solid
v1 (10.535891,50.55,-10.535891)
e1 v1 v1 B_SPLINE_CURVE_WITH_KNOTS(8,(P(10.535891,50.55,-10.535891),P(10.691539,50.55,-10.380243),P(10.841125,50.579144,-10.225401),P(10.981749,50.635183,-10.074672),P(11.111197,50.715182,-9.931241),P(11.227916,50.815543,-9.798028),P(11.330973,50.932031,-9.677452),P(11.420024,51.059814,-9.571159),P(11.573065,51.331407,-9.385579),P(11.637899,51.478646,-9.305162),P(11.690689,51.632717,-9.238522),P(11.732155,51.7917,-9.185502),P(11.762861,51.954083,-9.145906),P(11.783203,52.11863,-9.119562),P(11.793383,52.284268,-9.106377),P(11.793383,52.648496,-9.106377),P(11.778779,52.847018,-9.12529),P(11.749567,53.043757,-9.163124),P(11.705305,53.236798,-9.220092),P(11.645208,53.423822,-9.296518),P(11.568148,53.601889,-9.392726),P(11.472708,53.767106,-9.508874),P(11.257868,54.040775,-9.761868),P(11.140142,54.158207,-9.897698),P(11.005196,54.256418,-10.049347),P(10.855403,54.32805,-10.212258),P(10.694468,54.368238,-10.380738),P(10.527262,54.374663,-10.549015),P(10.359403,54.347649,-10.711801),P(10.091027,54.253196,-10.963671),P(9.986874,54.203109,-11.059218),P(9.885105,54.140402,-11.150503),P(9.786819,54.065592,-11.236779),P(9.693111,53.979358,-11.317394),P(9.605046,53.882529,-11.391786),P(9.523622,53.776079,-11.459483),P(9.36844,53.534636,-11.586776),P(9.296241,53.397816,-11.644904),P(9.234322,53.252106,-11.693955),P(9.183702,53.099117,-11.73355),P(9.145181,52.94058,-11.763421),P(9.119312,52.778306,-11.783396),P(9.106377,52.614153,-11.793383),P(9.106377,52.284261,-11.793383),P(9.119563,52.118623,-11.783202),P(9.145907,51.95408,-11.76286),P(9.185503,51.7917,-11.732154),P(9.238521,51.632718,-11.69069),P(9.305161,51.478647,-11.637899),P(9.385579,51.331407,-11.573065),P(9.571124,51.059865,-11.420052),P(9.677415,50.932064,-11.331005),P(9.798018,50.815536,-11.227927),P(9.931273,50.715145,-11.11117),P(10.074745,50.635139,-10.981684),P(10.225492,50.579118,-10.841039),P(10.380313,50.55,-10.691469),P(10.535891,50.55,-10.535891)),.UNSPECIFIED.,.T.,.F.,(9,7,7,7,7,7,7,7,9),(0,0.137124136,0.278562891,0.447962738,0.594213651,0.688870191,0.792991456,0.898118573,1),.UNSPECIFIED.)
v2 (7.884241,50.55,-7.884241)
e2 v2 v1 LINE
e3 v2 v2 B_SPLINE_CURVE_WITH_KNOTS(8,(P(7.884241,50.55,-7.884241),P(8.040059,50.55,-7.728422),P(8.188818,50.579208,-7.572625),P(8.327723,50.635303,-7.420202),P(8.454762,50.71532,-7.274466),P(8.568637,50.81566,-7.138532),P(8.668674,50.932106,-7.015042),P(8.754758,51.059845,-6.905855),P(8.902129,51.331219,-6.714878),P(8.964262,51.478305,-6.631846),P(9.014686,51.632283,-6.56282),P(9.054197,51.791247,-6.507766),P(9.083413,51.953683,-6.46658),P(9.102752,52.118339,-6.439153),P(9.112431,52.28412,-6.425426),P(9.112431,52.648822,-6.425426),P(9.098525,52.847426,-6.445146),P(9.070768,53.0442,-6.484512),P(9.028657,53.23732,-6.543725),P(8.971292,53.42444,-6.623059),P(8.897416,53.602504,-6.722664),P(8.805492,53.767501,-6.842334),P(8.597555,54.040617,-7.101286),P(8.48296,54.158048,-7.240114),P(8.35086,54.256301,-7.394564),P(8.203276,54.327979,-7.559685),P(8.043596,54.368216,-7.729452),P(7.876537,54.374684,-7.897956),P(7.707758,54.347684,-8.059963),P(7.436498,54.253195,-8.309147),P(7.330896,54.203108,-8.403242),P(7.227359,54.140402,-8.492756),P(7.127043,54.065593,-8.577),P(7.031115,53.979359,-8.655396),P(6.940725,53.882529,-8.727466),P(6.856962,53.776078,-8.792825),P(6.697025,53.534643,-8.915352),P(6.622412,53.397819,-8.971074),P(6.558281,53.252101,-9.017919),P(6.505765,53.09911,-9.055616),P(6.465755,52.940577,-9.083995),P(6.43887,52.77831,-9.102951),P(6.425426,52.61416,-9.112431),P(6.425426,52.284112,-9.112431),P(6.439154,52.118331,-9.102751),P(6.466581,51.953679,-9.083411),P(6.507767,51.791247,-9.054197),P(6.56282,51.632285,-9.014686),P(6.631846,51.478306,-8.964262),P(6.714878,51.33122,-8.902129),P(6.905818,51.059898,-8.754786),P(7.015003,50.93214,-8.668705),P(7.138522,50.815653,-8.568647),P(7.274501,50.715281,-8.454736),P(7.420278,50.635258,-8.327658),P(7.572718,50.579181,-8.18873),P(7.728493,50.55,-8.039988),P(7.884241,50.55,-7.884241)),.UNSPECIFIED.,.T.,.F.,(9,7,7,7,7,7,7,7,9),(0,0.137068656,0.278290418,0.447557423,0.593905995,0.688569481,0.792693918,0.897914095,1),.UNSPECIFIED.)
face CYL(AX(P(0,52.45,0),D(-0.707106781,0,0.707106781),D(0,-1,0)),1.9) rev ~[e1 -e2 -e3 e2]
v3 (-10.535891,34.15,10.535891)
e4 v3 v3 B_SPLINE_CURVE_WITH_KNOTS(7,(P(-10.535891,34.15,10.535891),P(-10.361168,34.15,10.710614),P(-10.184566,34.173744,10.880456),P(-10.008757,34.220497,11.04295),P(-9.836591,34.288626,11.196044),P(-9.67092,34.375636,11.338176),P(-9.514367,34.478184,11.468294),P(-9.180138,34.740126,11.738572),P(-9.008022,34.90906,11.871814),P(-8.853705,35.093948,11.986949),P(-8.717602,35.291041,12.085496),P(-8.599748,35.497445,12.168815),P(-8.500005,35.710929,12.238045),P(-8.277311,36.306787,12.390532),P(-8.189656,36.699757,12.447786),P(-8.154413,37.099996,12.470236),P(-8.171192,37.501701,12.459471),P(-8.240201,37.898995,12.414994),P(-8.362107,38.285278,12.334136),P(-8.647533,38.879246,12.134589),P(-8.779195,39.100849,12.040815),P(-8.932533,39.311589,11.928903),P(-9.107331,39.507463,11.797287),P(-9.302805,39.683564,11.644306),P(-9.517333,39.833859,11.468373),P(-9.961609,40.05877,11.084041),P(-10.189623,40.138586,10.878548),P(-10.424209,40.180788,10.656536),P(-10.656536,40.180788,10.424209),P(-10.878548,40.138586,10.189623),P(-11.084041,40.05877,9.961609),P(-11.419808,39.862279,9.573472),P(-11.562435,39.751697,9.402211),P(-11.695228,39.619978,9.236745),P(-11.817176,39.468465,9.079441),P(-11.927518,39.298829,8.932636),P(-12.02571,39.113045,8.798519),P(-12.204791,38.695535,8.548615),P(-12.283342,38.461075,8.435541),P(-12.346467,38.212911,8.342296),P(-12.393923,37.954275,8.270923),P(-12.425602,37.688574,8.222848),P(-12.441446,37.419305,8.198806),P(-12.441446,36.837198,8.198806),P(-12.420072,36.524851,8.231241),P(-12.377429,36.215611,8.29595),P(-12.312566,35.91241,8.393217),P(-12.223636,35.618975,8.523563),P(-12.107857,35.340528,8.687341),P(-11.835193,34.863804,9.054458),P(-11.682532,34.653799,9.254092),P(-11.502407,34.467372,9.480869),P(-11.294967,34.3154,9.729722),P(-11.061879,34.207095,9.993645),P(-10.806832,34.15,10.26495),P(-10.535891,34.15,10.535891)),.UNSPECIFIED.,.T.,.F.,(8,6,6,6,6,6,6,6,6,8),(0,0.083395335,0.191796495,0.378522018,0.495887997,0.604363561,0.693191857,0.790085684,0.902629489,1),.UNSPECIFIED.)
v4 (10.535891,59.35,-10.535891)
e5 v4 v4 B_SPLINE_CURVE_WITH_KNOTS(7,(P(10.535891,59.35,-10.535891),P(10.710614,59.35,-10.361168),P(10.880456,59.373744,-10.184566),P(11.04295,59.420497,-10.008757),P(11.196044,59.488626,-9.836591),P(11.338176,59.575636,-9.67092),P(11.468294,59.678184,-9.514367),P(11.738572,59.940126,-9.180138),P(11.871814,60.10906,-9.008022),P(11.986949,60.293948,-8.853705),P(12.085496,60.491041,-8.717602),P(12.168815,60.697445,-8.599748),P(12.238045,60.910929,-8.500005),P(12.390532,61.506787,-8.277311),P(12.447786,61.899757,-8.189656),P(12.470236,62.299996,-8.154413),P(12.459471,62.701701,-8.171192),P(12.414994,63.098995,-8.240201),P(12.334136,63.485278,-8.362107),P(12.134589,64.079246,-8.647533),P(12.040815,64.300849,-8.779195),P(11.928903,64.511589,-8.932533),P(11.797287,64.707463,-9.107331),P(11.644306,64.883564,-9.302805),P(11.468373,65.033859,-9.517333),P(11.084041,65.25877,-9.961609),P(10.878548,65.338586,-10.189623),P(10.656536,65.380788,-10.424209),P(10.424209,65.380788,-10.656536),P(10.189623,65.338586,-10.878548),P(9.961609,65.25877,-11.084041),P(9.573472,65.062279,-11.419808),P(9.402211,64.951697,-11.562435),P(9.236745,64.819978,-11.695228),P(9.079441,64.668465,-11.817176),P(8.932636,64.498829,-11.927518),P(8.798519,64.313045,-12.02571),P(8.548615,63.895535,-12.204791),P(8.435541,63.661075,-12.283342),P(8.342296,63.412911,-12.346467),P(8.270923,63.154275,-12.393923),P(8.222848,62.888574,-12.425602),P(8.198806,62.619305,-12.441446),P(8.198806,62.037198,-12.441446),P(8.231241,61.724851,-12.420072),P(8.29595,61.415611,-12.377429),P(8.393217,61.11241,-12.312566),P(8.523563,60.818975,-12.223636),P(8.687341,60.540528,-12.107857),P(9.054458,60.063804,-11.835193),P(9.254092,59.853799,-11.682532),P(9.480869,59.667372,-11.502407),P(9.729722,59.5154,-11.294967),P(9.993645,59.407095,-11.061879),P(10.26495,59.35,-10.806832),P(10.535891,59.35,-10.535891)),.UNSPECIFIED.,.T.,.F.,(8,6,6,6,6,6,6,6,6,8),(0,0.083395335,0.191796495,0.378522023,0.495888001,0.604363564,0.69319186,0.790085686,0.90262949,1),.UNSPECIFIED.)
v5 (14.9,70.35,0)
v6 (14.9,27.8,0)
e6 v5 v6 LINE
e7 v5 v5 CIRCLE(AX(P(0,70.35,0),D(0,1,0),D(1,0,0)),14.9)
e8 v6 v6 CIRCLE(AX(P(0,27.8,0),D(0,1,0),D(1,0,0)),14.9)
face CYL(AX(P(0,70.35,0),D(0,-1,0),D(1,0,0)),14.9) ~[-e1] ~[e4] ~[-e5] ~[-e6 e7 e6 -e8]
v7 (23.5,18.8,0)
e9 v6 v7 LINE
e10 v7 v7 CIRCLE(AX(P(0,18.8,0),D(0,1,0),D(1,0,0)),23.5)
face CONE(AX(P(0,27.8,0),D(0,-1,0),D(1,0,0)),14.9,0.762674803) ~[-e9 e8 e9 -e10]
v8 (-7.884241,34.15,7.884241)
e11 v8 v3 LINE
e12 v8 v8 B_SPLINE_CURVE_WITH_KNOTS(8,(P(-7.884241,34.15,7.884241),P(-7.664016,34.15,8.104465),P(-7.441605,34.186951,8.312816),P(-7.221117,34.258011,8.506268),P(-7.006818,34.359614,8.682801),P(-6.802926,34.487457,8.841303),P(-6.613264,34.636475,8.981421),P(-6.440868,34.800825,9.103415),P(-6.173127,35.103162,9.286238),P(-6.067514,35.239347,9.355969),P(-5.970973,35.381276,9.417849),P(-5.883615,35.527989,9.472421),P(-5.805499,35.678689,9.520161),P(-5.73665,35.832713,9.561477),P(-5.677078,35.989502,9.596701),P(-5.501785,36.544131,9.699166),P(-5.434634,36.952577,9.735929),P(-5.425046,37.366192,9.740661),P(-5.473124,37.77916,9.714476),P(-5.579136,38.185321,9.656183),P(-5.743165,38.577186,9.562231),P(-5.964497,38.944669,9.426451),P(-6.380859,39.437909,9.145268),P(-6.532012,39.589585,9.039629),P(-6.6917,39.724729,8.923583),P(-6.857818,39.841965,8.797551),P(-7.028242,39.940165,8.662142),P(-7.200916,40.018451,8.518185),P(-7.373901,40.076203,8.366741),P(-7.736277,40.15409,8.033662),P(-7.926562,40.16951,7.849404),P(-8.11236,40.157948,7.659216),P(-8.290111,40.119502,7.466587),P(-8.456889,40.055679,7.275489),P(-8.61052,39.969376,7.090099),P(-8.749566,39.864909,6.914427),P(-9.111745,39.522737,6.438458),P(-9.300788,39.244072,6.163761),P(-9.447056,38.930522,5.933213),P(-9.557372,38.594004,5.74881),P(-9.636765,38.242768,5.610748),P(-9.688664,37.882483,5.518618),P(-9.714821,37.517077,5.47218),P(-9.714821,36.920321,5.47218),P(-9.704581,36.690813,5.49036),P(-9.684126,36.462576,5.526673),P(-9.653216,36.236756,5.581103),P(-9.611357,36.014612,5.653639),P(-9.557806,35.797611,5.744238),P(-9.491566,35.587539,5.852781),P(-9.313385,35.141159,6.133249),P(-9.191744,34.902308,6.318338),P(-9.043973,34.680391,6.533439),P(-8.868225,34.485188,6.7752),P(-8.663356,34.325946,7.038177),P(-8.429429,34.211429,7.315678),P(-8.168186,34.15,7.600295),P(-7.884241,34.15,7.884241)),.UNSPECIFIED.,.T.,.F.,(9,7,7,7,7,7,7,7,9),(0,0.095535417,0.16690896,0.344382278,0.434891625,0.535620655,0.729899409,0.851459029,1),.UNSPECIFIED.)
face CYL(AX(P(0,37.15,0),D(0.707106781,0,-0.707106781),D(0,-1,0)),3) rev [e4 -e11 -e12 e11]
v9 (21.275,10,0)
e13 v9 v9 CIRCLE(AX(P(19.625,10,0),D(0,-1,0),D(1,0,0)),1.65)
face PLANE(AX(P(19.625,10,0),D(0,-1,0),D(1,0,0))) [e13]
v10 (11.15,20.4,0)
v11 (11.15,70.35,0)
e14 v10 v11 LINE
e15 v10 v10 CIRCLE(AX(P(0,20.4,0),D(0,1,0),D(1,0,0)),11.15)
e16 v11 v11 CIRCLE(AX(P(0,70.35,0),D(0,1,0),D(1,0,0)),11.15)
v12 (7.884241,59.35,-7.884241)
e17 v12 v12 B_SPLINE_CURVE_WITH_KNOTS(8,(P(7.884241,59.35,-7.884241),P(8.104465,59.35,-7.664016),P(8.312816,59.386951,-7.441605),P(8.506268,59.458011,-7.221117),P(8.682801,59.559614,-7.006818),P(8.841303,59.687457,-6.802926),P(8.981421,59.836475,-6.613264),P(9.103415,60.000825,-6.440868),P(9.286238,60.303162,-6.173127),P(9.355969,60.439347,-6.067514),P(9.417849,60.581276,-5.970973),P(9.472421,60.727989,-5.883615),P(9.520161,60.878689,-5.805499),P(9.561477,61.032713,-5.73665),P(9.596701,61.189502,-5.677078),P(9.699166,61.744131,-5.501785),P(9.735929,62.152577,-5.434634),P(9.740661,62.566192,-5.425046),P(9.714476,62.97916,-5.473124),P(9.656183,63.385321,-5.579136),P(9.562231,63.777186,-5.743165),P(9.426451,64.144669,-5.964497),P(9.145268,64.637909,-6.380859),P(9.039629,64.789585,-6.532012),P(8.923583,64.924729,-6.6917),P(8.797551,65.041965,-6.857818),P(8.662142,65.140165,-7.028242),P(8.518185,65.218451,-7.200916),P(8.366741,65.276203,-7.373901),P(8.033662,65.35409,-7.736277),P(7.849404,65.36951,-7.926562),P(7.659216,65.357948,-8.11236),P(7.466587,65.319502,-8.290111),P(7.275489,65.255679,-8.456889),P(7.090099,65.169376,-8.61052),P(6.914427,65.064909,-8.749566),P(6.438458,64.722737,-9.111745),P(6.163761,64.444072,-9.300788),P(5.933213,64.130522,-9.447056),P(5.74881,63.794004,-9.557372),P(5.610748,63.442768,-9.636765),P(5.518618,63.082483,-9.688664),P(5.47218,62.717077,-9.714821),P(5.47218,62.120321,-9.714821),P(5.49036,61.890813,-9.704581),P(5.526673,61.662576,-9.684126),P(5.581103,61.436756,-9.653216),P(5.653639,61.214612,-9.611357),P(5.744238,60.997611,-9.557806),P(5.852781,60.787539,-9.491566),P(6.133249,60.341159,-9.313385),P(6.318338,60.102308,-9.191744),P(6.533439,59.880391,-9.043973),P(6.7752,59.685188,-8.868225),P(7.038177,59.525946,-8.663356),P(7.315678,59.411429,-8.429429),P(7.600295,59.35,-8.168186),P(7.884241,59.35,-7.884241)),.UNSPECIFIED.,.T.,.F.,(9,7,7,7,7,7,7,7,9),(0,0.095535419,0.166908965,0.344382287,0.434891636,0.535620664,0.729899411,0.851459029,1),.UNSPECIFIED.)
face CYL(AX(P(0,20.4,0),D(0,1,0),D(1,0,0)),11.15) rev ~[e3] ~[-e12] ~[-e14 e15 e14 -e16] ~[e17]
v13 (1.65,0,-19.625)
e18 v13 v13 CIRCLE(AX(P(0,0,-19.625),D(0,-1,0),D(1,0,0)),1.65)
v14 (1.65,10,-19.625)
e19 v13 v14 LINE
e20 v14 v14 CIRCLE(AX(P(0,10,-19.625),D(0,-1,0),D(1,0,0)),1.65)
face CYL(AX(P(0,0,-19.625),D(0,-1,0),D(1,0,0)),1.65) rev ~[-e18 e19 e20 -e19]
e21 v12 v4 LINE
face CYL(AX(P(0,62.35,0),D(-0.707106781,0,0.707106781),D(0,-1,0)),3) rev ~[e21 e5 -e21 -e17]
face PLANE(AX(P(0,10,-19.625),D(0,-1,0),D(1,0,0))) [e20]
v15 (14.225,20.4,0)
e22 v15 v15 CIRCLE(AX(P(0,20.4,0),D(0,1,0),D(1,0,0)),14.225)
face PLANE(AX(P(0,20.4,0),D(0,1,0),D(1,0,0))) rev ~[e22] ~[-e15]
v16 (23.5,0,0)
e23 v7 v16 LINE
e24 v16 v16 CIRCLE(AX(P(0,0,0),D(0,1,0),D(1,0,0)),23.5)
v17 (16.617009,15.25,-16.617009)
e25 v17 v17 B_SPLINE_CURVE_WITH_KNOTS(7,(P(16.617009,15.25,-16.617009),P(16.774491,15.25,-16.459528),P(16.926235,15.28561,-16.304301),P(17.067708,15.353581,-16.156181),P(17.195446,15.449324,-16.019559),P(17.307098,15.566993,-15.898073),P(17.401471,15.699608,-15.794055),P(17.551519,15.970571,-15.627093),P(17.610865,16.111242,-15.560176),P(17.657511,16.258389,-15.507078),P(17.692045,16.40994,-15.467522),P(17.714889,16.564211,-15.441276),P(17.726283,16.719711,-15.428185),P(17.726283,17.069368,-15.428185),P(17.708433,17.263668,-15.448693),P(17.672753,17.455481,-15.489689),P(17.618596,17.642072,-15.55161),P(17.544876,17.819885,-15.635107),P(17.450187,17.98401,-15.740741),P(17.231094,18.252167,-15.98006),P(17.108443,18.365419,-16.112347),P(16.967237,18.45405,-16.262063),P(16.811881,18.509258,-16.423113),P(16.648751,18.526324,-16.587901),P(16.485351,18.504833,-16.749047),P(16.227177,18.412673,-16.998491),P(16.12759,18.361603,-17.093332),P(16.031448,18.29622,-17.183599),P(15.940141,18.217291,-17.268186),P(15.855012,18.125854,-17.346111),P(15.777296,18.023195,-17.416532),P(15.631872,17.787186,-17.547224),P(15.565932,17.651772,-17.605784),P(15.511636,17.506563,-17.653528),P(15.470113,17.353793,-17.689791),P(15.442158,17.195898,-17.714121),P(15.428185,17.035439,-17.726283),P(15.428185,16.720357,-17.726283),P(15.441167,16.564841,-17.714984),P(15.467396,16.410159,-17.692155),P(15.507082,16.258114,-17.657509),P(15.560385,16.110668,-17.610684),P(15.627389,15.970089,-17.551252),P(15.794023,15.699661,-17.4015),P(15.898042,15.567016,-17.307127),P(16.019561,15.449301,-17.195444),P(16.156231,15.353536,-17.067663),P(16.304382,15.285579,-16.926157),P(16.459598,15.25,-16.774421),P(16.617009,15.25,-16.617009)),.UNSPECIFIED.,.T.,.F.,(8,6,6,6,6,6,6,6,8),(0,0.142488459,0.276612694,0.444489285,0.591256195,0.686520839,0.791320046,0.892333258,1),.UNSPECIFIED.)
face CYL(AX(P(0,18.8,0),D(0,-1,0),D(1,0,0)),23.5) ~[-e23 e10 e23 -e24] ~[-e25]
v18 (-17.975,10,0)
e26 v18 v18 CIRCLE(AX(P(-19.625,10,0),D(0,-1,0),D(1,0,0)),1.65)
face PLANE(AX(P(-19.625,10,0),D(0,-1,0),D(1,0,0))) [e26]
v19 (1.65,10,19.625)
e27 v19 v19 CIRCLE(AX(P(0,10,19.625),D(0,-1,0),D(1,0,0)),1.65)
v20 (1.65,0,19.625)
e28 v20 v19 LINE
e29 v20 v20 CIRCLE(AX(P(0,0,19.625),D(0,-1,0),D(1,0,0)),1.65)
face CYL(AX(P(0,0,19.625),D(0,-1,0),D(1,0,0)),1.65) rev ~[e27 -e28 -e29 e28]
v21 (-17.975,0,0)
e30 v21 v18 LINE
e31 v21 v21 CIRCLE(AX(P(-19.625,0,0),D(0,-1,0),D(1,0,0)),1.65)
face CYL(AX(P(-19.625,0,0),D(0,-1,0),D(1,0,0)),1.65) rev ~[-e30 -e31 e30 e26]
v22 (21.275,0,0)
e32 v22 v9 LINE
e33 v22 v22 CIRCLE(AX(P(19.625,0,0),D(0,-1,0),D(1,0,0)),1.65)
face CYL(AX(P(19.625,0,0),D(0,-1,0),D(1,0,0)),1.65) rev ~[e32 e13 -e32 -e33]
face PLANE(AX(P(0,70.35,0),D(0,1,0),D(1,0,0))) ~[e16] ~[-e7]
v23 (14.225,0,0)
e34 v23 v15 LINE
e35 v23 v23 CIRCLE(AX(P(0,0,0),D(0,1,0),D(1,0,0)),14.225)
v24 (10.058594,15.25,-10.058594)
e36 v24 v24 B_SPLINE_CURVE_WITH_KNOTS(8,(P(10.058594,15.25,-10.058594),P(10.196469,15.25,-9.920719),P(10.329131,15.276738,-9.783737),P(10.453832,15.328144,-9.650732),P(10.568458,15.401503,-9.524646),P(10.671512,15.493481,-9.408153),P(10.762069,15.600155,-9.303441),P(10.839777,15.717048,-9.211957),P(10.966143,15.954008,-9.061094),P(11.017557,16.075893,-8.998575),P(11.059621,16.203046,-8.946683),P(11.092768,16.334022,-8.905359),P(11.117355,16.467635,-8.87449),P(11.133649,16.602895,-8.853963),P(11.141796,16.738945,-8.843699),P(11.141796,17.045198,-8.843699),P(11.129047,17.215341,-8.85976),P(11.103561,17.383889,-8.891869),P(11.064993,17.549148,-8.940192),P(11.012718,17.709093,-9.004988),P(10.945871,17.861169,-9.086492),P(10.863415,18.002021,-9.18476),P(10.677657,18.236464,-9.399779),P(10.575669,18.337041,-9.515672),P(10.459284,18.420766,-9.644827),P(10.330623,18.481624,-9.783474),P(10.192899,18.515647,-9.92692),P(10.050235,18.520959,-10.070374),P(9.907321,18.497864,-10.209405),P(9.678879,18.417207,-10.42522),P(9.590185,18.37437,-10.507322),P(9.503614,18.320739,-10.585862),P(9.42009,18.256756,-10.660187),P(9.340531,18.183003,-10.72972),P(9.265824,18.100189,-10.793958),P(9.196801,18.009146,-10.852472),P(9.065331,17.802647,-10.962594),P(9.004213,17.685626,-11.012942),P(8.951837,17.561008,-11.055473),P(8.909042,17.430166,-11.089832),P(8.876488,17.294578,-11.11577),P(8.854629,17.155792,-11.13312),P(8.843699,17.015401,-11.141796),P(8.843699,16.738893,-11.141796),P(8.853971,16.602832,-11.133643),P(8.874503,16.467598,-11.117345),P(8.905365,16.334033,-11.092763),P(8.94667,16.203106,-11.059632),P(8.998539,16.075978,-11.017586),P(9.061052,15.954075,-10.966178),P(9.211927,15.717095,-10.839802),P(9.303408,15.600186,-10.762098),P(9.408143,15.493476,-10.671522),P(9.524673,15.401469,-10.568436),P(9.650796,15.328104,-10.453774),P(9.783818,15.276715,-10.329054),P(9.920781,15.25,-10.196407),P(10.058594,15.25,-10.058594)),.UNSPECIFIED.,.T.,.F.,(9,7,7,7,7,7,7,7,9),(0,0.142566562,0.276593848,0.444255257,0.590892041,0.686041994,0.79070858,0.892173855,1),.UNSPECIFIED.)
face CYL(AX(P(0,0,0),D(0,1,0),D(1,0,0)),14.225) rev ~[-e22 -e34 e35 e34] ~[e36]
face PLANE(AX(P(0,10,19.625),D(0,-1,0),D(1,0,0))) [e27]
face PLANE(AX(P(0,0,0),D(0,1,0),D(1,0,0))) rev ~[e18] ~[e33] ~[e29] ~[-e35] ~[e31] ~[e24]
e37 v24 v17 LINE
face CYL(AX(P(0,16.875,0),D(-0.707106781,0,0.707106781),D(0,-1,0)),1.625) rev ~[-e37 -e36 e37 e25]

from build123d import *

# Parameters (mm, degrees)
SKETCH2_R          = 1.65
CUT_EXTRUDE1_DEPTH = 10
SKETCH4_R          = 1.625
SKETCH4_R_2        = 3
SKETCH4_R_3        = 1.9
CUT_EXTRUDE2_DEPTH = 78.805028758
SKETCH4_3_R        = 3
CUT_EXTRUDE3_DEPTH = 78.805028909


with BuildPart() as part:
    # Sketch1 → Revolve1 (revolve)
    with BuildSketch(Plane.XY):
        Polygon((11.15, 20.4), (11.15, 70.35), (14.9, 70.35), (14.9, 27.8), (23.5, 18.8), (23.5, 0), (14.225, 0), (14.225, 20.4), align=None)
    revolve(axis=Axis((0, 0, 0), (0, 1, 0)))

    # Sketch2 → Cut-Extrude1 (cut)
    with BuildSketch(Plane.XZ):
        with Locations((0, 19.625)):
            Circle(SKETCH2_R)
        with Locations((0, -19.625)):
            Circle(SKETCH2_R)
        with Locations((-19.625, 0)):
            Circle(SKETCH2_R)
        with Locations((19.625, 0)):
            Circle(SKETCH2_R)
    extrude(amount=-CUT_EXTRUDE1_DEPTH, mode=Mode.SUBTRACT)

    # Sketch4 → Cut-Extrude2 (cut, through all)
    with BuildSketch(Plane(origin=(0, 0, 0), x_dir=(0, -1, 0), z_dir=(-0.7071067811865488, 0, 0.7071067811865464))):
        with Locations((-16.875, 0)):
            Circle(SKETCH4_R)
        with Locations((-62.35, 0)):
            Circle(SKETCH4_R_2)
        with Locations((-52.45, 0)):
            Circle(SKETCH4_R_3)
    extrude(amount=-CUT_EXTRUDE2_DEPTH, mode=Mode.SUBTRACT)

    # Sketch4<3> → Cut-Extrude3 (cut, through all)
    with BuildSketch(Plane(origin=(0, 0, 0), x_dir=(0, -1, 0), z_dir=(-0.7071067811865488, 0, 0.7071067811865464))):
        with Locations((-37.15, 0)):
            Circle(SKETCH4_3_R)
    extrude(amount=CUT_EXTRUDE3_DEPTH, mode=Mode.SUBTRACT)


solid = part.part
